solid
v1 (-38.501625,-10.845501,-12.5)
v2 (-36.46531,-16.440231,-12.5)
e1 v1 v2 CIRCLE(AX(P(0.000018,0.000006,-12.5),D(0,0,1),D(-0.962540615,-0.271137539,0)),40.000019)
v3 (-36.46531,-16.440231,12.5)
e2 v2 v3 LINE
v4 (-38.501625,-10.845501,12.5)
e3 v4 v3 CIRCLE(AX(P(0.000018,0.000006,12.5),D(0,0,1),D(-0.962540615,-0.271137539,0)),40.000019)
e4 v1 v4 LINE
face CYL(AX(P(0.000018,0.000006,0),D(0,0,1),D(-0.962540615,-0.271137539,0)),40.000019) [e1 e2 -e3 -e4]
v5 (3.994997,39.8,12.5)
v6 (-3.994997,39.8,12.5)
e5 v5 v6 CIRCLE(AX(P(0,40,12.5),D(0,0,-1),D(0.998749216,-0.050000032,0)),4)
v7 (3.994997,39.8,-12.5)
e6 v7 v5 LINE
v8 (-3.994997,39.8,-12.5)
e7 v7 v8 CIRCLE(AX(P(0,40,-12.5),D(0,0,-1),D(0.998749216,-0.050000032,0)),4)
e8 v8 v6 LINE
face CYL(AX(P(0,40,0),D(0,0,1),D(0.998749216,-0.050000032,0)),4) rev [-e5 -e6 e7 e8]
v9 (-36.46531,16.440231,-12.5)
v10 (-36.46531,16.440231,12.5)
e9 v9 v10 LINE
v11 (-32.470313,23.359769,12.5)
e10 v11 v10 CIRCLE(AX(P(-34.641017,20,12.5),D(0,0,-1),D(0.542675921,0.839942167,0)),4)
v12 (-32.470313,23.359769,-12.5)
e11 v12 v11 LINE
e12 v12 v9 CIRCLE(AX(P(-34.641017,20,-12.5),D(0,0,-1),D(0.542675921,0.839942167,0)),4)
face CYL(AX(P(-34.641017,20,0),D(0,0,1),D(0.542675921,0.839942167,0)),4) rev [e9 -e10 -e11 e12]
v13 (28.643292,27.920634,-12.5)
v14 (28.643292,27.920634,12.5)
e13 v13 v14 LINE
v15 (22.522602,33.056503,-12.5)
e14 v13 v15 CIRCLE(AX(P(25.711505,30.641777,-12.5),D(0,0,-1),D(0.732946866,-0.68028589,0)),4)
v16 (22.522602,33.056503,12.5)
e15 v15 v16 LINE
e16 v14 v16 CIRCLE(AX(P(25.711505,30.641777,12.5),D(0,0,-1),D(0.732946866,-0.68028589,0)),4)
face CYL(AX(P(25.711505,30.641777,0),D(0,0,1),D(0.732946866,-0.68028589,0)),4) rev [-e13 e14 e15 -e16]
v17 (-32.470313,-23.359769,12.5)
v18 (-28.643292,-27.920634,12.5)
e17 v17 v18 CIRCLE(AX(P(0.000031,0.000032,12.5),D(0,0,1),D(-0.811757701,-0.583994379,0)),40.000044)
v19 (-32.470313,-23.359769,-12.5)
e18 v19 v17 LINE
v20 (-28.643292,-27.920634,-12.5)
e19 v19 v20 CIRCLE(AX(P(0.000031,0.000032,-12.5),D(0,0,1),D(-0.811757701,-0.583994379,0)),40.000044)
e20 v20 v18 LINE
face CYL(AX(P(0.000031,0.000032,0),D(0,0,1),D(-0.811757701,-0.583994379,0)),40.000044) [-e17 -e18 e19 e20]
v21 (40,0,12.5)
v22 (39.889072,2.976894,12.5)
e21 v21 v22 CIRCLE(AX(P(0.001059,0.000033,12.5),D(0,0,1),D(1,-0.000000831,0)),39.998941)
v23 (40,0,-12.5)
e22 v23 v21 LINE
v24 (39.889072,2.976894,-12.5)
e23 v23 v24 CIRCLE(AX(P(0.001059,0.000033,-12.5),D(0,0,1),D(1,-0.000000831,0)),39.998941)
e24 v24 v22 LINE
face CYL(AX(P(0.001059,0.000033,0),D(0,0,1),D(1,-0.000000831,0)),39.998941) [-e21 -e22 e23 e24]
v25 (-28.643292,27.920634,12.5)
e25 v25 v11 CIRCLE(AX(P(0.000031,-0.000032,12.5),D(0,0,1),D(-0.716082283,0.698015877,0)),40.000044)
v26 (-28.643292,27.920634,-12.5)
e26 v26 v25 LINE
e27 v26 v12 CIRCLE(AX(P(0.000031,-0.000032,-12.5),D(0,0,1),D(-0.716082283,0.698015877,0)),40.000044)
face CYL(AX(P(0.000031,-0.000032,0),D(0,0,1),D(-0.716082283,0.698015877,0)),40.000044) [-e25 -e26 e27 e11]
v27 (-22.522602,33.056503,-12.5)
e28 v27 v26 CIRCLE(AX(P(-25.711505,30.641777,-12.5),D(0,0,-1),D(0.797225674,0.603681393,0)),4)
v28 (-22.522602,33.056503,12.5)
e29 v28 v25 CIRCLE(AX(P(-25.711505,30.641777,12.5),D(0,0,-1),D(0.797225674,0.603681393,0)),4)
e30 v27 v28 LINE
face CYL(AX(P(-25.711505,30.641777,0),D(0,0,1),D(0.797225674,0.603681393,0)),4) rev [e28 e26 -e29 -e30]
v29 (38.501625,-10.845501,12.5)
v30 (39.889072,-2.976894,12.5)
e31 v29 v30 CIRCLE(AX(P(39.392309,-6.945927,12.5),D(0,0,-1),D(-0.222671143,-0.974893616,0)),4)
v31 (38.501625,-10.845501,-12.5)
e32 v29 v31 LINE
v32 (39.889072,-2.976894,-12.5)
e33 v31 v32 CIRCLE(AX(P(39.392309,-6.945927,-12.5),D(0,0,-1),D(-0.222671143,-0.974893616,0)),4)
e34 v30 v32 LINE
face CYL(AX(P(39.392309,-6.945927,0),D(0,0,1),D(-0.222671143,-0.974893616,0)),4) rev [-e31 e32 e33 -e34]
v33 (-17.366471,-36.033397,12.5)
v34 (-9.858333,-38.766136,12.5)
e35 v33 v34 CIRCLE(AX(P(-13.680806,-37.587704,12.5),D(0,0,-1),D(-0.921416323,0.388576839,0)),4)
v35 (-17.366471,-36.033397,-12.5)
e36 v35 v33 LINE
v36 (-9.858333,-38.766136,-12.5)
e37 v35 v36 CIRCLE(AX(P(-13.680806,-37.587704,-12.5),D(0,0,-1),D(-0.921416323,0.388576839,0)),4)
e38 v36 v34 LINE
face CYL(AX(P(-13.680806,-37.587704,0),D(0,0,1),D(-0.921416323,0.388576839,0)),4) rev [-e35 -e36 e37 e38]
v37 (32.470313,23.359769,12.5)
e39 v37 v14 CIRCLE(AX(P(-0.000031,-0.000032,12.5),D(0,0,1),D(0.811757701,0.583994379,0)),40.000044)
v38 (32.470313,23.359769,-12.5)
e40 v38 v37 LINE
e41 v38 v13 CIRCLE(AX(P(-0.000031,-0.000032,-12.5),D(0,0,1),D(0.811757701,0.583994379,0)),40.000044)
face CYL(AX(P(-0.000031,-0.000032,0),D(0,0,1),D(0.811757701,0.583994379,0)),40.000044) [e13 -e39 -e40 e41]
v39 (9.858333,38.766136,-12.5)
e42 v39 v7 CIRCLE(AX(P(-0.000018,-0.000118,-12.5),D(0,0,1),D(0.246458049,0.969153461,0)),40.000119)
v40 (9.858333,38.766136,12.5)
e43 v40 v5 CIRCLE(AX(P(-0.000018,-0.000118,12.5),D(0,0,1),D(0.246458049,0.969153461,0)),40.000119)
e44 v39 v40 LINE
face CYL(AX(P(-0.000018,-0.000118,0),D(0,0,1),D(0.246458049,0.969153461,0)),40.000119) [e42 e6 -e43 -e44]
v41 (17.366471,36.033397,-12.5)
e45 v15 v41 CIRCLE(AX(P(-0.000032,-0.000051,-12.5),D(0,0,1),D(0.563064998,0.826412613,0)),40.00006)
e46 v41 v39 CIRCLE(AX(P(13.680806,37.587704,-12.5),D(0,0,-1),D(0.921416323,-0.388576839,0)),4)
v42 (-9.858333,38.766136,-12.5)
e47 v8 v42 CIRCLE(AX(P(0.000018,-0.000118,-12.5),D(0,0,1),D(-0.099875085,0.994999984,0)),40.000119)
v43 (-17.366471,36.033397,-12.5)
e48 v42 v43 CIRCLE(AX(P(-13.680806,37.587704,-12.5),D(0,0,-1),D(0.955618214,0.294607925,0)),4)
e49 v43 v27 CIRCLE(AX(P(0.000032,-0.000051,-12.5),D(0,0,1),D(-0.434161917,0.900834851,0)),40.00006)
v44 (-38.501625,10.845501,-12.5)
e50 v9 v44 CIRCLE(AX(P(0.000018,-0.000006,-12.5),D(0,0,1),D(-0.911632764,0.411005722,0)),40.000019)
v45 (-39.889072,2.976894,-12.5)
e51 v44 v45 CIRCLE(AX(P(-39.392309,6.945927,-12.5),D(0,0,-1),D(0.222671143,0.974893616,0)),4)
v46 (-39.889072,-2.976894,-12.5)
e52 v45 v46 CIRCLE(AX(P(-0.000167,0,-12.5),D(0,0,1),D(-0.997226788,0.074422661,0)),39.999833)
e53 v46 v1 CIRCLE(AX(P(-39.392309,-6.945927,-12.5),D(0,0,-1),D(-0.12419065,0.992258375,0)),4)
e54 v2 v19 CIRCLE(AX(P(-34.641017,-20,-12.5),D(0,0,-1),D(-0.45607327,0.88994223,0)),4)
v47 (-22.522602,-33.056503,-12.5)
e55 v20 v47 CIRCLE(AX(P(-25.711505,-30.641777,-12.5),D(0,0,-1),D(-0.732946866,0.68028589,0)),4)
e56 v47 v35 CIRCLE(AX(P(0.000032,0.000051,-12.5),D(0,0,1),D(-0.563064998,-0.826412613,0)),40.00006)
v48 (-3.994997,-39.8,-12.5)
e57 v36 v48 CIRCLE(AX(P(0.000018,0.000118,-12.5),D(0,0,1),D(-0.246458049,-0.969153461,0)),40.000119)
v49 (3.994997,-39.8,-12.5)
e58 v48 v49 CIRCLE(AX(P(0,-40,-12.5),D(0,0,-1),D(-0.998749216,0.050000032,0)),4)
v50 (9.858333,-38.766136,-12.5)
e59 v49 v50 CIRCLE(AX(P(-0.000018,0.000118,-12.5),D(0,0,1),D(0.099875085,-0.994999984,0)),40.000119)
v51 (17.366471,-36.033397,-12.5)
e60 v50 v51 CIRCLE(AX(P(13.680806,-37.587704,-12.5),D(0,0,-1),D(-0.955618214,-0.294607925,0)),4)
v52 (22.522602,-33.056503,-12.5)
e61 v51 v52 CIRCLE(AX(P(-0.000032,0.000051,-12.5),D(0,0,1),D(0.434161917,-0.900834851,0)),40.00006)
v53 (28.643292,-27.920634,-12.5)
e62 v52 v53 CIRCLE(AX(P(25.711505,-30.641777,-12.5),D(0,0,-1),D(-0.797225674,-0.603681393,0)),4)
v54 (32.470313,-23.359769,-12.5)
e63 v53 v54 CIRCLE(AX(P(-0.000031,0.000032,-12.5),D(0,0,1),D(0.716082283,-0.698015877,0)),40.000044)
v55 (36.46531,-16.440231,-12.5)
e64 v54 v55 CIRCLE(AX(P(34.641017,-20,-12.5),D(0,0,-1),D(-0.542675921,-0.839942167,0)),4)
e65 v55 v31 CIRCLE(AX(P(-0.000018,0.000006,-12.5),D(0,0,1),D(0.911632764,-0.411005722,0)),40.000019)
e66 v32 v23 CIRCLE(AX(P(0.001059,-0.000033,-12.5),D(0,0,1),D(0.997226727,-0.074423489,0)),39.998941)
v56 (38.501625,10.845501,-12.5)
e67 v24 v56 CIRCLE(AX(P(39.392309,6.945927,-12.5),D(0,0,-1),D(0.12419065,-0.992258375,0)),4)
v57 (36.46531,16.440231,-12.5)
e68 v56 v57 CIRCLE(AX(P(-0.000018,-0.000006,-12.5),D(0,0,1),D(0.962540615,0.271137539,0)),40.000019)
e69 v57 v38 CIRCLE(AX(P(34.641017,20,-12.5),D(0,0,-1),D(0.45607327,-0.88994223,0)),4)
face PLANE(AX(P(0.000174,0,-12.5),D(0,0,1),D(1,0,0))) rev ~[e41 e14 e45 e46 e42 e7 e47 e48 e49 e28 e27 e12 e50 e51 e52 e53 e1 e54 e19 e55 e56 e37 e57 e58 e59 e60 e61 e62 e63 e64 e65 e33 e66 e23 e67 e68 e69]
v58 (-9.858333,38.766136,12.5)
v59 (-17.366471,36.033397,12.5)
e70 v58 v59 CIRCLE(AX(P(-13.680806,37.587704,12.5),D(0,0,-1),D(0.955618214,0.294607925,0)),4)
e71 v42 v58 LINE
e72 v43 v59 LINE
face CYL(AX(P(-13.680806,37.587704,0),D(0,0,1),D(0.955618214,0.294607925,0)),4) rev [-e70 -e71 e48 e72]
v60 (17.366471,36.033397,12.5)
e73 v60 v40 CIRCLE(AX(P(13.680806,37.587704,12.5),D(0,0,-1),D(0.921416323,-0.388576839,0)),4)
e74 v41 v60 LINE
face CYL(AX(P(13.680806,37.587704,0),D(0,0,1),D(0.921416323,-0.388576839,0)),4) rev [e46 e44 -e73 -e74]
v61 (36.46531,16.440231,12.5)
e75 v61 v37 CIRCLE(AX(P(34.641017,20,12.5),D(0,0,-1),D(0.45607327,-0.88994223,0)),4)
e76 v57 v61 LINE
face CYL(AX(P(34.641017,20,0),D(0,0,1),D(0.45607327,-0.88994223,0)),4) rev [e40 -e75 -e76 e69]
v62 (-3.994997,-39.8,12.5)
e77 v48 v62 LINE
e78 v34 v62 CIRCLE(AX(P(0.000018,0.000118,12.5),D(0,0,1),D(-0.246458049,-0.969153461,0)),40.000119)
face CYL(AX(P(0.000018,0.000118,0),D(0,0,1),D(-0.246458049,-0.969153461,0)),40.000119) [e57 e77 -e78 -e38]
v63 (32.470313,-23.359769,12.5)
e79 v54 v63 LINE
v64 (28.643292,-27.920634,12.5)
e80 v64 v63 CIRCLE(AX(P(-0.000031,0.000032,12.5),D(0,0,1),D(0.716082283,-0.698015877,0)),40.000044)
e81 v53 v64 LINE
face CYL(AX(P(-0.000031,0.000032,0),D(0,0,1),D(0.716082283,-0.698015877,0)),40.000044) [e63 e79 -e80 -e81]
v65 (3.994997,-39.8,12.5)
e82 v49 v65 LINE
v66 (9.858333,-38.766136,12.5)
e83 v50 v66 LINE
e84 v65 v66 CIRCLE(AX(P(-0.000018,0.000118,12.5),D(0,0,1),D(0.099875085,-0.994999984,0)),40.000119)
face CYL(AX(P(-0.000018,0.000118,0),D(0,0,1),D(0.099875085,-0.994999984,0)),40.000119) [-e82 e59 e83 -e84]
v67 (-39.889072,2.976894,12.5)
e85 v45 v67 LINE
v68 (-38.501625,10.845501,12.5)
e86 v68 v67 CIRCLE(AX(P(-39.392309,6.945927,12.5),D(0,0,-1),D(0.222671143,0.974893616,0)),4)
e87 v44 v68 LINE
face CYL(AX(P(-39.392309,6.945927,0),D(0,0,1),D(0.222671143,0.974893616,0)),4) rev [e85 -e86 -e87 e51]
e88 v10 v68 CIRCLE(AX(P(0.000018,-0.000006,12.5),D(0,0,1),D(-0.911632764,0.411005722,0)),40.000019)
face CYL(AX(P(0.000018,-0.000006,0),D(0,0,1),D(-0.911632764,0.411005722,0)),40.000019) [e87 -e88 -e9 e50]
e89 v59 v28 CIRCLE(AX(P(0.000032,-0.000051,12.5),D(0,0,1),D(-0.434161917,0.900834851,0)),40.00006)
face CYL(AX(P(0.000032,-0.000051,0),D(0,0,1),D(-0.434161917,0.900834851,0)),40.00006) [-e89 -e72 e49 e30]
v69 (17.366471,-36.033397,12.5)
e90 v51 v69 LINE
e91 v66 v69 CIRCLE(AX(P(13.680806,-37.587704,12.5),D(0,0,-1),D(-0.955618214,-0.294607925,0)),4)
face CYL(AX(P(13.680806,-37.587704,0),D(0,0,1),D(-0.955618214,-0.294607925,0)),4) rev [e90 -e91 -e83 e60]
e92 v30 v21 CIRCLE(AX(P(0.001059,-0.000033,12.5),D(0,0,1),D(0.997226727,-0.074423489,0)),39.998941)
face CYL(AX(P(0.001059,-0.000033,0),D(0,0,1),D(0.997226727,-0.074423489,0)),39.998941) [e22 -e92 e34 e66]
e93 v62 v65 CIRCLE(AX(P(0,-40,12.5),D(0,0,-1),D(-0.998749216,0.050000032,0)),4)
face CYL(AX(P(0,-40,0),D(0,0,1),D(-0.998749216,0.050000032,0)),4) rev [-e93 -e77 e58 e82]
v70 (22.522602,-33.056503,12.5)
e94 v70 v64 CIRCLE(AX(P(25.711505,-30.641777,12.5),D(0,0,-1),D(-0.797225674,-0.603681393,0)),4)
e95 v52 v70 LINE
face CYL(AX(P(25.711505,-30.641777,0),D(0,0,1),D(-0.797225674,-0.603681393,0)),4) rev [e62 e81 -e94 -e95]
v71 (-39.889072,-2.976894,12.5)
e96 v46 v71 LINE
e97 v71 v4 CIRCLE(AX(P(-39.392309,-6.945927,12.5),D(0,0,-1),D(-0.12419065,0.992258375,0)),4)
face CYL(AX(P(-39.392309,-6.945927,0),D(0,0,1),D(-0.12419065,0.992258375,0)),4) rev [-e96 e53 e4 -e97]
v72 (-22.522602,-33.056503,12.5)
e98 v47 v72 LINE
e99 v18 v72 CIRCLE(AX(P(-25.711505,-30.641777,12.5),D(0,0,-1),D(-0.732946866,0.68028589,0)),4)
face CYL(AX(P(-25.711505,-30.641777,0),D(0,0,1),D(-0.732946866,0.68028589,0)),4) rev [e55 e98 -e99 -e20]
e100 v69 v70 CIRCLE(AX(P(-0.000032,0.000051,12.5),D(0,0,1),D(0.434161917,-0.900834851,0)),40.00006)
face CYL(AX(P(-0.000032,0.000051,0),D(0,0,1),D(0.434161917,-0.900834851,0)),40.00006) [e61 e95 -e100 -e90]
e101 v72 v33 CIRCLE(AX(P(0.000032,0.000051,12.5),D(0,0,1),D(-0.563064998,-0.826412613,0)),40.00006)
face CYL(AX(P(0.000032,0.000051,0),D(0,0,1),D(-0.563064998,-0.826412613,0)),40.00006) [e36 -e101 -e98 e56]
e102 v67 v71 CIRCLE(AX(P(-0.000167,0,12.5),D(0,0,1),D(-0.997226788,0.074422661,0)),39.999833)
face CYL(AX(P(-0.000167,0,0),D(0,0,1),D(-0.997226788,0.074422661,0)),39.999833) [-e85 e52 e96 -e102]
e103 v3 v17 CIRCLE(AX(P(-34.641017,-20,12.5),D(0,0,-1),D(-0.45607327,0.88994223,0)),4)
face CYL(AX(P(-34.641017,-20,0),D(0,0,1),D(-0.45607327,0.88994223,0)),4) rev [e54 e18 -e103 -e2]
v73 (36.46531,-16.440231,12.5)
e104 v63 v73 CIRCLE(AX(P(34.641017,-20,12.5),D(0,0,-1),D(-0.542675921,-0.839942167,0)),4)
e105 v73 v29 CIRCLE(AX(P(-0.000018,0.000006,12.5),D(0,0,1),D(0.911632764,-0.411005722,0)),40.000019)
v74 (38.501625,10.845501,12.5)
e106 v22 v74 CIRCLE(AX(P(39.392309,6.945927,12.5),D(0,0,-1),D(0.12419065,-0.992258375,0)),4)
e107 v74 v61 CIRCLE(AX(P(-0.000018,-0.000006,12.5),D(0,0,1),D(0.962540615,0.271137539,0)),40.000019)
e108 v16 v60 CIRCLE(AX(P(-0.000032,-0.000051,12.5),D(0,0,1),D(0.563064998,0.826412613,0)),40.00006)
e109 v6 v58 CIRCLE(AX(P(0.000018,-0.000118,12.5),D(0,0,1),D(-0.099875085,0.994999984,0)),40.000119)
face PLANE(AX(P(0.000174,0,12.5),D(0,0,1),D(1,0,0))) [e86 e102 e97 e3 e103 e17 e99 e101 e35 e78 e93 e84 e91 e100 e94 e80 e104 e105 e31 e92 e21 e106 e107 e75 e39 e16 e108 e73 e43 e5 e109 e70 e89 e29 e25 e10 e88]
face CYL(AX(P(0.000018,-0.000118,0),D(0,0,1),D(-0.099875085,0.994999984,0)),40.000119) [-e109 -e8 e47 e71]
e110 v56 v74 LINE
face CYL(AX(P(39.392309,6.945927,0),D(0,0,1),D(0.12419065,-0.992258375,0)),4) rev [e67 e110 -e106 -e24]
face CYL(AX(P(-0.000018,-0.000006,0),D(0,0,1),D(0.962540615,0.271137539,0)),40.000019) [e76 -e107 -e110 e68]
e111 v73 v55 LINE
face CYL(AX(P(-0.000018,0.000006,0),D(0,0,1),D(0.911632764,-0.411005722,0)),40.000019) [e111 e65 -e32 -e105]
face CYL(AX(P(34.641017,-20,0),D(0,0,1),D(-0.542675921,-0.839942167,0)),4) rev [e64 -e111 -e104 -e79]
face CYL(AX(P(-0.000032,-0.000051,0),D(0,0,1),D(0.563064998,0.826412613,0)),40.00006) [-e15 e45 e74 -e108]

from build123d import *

# Parameters (mm, degrees)
F1_DEPTH = 12.5


with BuildPart() as f1:
    # F0 (on Top) → F1 (new body, symmetric)
    with BuildSketch(Plane.XY):
        with BuildLine():
            ThreePointArc((39.889072, -2.976894), (39.972259, -1.48948), (40, 0))
            ThreePointArc((40, 0), (39.972259, 1.48948), (39.889072, 2.976894))
            ThreePointArc((39.889072, 2.976894), (35.453079, 6.251334), (38.501625, 10.845501))
            ThreePointArc((38.501625, 10.845501), (37.587705, 13.680806), (36.46531, 16.440231))
            ThreePointArc((36.46531, 16.440231), (31.176915, 18), (32.470313, 23.359769))
            ThreePointArc((32.470313, 23.359769), (30.641778, 25.711504), (28.643292, 27.920634))
            ThreePointArc((28.643292, 27.920634), (23.140354, 27.5776), (22.522602, 33.056503))
            ThreePointArc((22.522602, 33.056503), (20, 34.641016), (17.366471, 36.033397))
            ThreePointArc((17.366471, 36.033397), (12.312725, 33.828934), (9.858333, 38.766136))
            ThreePointArc((9.858333, 38.766136), (6.945927, 39.39231), (3.994997, 39.8))
            ThreePointArc((3.994997, 39.8), (0, 36), (-3.994997, 39.8))
            ThreePointArc((-3.994997, 39.8), (-6.945927, 39.39231), (-9.858333, 38.766136))
            ThreePointArc((-9.858333, 38.766136), (-12.312725, 33.828934), (-17.366471, 36.033397))
            ThreePointArc((-17.366471, 36.033397), (-20, 34.641016), (-22.522602, 33.056503))
            ThreePointArc((-22.522602, 33.056503), (-23.140354, 27.5776), (-28.643292, 27.920634))
            ThreePointArc((-28.643292, 27.920634), (-30.641778, 25.711504), (-32.470313, 23.359769))
            ThreePointArc((-32.470313, 23.359769), (-31.176915, 18), (-36.46531, 16.440231))
            ThreePointArc((-36.46531, 16.440231), (-37.587705, 13.680806), (-38.501625, 10.845501))
            ThreePointArc((-38.501625, 10.845501), (-35.453079, 6.251334), (-39.889072, 2.976894))
            ThreePointArc((-39.889072, 2.976894), (-40, 0), (-39.889072, -2.976894))
            ThreePointArc((-39.889072, -2.976894), (-35.453079, -6.251334), (-38.501625, -10.845501))
            ThreePointArc((-38.501625, -10.845501), (-37.587705, -13.680806), (-36.46531, -16.440231))
            ThreePointArc((-36.46531, -16.440231), (-31.176915, -18), (-32.470313, -23.359769))
            ThreePointArc((-32.470313, -23.359769), (-30.641778, -25.711504), (-28.643292, -27.920634))
            ThreePointArc((-28.643292, -27.920634), (-23.140354, -27.5776), (-22.522602, -33.056503))
            ThreePointArc((-22.522602, -33.056503), (-20, -34.641016), (-17.366471, -36.033397))
            ThreePointArc((-17.366471, -36.033397), (-12.312725, -33.828934), (-9.858333, -38.766136))
            ThreePointArc((-9.858333, -38.766136), (-6.945927, -39.39231), (-3.994997, -39.8))
            ThreePointArc((-3.994997, -39.8), (0, -36), (3.994997, -39.8))
            ThreePointArc((3.994997, -39.8), (6.945927, -39.39231), (9.858333, -38.766136))
            ThreePointArc((9.858333, -38.766136), (12.312725, -33.828934), (17.366471, -36.033397))
            ThreePointArc((17.366471, -36.033397), (20, -34.641016), (22.522602, -33.056503))
            ThreePointArc((22.522602, -33.056503), (23.140354, -27.5776), (28.643292, -27.920634))
            ThreePointArc((28.643292, -27.920634), (30.641778, -25.711504), (32.470313, -23.359769))
            ThreePointArc((32.470313, -23.359769), (31.176915, -18), (36.46531, -16.440231))
            ThreePointArc((36.46531, -16.440231), (37.587705, -13.680806), (38.501625, -10.845501))
            ThreePointArc((38.501625, -10.845501), (35.453079, -6.251334), (39.889072, -2.976894))
        make_face()
    extrude(amount=F1_DEPTH, both=True)


solid = f1.part
